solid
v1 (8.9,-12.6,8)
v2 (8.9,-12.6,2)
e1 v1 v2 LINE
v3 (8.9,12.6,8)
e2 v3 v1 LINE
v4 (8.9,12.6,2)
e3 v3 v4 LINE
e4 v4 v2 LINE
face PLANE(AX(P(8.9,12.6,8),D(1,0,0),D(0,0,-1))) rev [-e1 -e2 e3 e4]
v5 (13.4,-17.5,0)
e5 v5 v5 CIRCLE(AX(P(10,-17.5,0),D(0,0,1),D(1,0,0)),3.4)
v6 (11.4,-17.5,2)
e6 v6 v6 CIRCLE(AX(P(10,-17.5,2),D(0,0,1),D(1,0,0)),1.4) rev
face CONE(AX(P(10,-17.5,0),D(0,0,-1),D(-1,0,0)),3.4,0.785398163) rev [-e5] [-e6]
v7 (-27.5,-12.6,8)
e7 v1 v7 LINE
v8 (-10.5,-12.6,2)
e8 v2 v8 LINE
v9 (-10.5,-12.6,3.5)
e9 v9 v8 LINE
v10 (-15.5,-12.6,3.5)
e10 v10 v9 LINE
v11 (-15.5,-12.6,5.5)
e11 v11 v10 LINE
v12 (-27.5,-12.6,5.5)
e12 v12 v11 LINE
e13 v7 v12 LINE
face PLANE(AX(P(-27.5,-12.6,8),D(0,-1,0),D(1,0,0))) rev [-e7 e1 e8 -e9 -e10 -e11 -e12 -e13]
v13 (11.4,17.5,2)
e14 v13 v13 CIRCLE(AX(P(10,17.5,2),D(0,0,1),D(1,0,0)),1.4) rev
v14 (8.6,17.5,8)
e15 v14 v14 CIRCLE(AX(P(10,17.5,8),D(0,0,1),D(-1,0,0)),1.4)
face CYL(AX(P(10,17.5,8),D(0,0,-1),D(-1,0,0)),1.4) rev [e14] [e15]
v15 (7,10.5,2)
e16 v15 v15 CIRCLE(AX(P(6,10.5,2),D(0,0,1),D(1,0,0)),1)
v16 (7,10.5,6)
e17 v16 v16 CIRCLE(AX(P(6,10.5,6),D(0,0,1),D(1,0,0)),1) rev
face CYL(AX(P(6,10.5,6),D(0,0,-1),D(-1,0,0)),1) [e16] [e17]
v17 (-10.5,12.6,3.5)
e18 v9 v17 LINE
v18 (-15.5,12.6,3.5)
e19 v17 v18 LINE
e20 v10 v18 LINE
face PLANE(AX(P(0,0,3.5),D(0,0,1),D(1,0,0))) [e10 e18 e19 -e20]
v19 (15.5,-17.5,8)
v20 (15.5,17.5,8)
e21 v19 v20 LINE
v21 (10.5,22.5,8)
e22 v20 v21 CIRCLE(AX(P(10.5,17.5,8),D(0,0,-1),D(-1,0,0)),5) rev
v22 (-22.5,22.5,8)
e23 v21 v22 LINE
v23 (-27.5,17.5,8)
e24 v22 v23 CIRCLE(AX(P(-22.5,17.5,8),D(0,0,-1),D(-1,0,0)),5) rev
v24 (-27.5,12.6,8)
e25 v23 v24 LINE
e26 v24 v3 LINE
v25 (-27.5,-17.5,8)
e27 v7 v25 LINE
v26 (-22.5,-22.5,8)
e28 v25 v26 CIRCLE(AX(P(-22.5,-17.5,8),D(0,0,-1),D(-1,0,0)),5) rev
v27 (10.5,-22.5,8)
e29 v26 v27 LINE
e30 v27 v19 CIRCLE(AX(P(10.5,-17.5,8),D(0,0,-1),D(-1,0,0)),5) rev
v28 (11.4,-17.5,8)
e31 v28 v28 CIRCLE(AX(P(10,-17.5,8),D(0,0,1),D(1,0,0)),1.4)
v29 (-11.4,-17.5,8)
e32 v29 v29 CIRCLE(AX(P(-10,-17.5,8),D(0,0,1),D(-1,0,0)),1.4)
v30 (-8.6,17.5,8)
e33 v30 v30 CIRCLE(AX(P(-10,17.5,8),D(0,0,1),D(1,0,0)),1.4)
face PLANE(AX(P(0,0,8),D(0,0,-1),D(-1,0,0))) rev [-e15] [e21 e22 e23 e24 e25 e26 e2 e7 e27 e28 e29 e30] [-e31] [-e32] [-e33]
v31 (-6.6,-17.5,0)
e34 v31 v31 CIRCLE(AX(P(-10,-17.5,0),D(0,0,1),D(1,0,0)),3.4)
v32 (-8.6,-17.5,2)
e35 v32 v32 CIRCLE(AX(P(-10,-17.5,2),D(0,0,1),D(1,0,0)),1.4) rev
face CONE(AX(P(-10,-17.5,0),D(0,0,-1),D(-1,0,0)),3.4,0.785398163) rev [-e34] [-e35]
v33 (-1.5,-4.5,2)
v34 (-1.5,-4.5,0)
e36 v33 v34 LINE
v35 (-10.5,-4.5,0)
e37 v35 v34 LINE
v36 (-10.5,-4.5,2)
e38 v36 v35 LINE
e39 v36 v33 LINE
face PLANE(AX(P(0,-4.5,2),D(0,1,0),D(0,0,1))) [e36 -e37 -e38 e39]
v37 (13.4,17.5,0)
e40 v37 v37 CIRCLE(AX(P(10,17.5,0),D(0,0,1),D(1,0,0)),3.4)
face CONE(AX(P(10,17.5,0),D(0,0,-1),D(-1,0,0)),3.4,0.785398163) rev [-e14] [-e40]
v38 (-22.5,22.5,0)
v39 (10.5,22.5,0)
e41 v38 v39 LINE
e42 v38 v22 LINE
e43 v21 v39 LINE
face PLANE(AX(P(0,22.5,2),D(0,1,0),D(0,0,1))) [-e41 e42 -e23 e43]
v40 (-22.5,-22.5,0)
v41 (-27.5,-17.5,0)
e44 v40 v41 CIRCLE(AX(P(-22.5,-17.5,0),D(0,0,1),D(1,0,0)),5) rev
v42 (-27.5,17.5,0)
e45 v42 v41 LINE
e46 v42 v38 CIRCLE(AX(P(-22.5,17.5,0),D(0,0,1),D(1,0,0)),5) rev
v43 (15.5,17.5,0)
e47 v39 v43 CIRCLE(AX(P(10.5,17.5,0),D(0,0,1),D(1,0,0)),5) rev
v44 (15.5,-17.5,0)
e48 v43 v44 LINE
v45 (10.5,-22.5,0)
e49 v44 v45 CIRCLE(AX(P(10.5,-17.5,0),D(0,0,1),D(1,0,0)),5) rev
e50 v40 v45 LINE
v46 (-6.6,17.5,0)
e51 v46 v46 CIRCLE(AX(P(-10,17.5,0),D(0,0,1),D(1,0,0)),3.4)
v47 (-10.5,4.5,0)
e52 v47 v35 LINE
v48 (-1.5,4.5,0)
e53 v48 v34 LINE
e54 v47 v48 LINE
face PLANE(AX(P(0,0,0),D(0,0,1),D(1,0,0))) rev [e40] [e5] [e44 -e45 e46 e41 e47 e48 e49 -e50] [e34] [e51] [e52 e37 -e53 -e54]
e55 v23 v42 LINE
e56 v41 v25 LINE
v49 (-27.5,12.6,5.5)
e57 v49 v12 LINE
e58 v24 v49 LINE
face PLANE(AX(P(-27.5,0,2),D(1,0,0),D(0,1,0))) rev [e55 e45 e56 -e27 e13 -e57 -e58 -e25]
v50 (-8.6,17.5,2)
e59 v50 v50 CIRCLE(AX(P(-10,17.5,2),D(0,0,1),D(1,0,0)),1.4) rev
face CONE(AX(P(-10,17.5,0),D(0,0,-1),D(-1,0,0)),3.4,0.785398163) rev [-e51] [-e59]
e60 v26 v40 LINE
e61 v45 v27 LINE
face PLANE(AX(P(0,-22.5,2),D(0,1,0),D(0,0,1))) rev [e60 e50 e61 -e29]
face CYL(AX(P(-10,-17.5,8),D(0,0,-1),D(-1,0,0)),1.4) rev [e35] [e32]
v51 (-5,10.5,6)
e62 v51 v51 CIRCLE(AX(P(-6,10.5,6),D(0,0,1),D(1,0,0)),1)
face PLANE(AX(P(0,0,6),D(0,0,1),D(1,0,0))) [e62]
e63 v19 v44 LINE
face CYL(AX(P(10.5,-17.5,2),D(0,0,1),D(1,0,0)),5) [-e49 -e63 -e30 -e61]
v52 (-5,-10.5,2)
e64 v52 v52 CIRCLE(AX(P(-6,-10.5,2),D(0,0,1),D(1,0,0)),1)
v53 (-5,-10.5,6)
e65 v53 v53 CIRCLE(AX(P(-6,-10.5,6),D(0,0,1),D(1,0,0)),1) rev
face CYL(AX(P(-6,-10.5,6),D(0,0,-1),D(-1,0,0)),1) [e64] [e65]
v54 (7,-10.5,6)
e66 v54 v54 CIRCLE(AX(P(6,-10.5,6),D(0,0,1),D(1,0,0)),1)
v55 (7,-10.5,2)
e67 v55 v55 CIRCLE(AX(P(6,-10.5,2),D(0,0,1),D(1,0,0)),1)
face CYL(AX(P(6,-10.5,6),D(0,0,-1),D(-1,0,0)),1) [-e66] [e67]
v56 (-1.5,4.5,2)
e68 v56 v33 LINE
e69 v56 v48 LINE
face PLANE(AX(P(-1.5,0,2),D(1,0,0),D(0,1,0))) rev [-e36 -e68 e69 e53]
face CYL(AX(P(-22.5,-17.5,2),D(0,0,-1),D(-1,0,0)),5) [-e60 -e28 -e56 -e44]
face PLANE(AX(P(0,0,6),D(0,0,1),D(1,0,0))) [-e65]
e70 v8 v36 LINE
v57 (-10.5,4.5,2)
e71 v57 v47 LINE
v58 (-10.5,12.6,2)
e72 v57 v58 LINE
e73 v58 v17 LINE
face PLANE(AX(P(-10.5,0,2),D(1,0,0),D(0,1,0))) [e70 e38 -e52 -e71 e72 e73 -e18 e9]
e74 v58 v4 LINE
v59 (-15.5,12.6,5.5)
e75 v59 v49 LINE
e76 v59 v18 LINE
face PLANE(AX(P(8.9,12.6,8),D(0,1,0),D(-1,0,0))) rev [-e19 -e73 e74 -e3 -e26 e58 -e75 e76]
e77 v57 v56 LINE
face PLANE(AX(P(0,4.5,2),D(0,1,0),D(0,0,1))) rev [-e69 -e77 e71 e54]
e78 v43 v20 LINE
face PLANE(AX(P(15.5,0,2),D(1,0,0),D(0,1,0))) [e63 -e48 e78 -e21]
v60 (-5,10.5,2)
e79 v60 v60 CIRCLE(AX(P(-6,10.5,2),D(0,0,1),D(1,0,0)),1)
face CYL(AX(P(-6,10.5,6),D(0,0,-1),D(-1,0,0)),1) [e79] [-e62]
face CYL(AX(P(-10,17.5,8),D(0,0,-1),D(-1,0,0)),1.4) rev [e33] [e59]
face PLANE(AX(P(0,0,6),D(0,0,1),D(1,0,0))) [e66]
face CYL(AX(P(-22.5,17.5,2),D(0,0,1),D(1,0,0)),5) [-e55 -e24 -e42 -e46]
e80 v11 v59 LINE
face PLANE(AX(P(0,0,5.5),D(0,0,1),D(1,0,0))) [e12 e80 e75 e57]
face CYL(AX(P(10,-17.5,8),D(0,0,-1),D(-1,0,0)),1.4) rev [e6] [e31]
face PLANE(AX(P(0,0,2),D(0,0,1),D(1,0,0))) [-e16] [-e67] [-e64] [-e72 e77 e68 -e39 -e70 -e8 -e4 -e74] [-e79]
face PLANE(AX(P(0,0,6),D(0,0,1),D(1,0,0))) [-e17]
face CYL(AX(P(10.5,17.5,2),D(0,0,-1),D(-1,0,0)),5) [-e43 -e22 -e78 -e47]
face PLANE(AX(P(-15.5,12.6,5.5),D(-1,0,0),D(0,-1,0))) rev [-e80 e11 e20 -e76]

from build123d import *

# Parameters (mm, degrees)
SKETCH_1_R          = 1
SKETCH_1_W          = 9
SKETCH_1_H          = 9
EXTRUDE_1_DEPTH     = 2
SKETCH_3_W          = 17
SKETCH_3_H          = 45
EXTRUDE_3_DEPTH     = 1.5
EXTRUDE_4_DEPTH     = 6
SKETCH_1_3_R        = 1
EXTRUDE_5_DEPTH     = 6
SKETCH_6_R          = 1.4
CUT_EXTRUDE_1_DEPTH = 37.421147703
CHAMFER_1_SIZE      = 2
SKETCH_7_W          = 12
SKETCH_7_H          = 25.2
EXTRUDE_6_DEPTH     = 2
FILLET_1_R          = 5


with BuildPart() as part:
    # 스케치1 → 보스-돌출1 (new body)
    with BuildSketch(Plane.XY):
        Polygon((15.5, 22.5), (-15.5, 22.5), (-27.5, 22.5), (-27.5, -22.5), (-15.5, -22.5), (15.5, -22.5), align=None)
        with Locations((-6, -10.5)):
            Circle(SKETCH_1_R, mode=Mode.SUBTRACT)
        with Locations((-6, 0)):
            Rectangle(SKETCH_1_W, SKETCH_1_H, mode=Mode.SUBTRACT)
        with Locations((6, -10.5)):
            Circle(SKETCH_1_R, mode=Mode.SUBTRACT)
        with Locations((-6, 10.5)):
            Circle(SKETCH_1_R, mode=Mode.SUBTRACT)
        with Locations((6, 10.5)):
            Circle(SKETCH_1_R, mode=Mode.SUBTRACT)
    extrude(amount=EXTRUDE_1_DEPTH)

    # 스케치3 → 보스-돌출3 (add)
    with BuildSketch(Plane.XY.offset(2)):
        with Locations((-19, 0)):
            Rectangle(SKETCH_3_W, SKETCH_3_H)
    extrude(amount=EXTRUDE_3_DEPTH)

    # 스케치4 → 보스-돌출4 (add)
    with BuildSketch(Plane.XY.offset(2)):
        Polygon((-15.5, -22.5), (15.5, -22.5), (15.5, 22.5), (-15.5, 22.5), (-27.5, 22.5), (-27.5, 12.6), (-15.5, 12.6), (8.9, 12.6), (8.9, -12.6), (-15.5, -12.6), (-27.5, -12.6), (-27.5, -22.5), align=None)
    extrude(amount=EXTRUDE_4_DEPTH)

    # 스케치1<3> → 보스-돌출5 (add)
    with BuildSketch(Plane.XY):
        with Locations((-6, 10.5)):
            Circle(SKETCH_1_3_R)
        with Locations((6, 10.5)):
            Circle(SKETCH_1_3_R)
        with Locations((6, -10.5)):
            Circle(SKETCH_1_3_R)
        with Locations((-6, -10.5)):
            Circle(SKETCH_1_3_R)
    extrude(amount=EXTRUDE_5_DEPTH)

    # 스케치6 → 컷-돌출1 (cut, through all)
    with BuildSketch(Plane.XY):
        with Locations((-10, 17.5)):
            Circle(SKETCH_6_R)
        with Locations((10, 17.5)):
            Circle(SKETCH_6_R)
        with Locations((10, -17.5)):
            Circle(SKETCH_6_R)
        with Locations((-10, -17.5)):
            Circle(SKETCH_6_R)
    extrude(amount=CUT_EXTRUDE_1_DEPTH, mode=Mode.SUBTRACT)

    # 모따기1
    chamfer_1_edges = [part.edges().sort_by_distance(p)[0] for p in [
        (8.6, 17.5, 0),
        (-11.4, 17.5, 0),
        (-11.4, -17.5, 0),
        (8.6, -17.5, 0),
    ]]
    chamfer(chamfer_1_edges, length=CHAMFER_1_SIZE)

    # 스케치7 → 보스-돌출6 (add)
    with BuildSketch(Plane.XY.offset(3.5)):
        with Locations((-21.5, 0)):
            Rectangle(SKETCH_7_W, SKETCH_7_H)
    extrude(amount=EXTRUDE_6_DEPTH)

    # 필렛1
    fillet_1_edges = [part.edges().sort_by_distance(p)[0] for p in [
        (15.5, -22.5, 4),
        (15.5, 22.5, 4),
        (-27.5, 22.5, 4),
        (-27.5, -22.5, 4),
    ]]
    fillet(fillet_1_edges, radius=FILLET_1_R)


solid = part.part
